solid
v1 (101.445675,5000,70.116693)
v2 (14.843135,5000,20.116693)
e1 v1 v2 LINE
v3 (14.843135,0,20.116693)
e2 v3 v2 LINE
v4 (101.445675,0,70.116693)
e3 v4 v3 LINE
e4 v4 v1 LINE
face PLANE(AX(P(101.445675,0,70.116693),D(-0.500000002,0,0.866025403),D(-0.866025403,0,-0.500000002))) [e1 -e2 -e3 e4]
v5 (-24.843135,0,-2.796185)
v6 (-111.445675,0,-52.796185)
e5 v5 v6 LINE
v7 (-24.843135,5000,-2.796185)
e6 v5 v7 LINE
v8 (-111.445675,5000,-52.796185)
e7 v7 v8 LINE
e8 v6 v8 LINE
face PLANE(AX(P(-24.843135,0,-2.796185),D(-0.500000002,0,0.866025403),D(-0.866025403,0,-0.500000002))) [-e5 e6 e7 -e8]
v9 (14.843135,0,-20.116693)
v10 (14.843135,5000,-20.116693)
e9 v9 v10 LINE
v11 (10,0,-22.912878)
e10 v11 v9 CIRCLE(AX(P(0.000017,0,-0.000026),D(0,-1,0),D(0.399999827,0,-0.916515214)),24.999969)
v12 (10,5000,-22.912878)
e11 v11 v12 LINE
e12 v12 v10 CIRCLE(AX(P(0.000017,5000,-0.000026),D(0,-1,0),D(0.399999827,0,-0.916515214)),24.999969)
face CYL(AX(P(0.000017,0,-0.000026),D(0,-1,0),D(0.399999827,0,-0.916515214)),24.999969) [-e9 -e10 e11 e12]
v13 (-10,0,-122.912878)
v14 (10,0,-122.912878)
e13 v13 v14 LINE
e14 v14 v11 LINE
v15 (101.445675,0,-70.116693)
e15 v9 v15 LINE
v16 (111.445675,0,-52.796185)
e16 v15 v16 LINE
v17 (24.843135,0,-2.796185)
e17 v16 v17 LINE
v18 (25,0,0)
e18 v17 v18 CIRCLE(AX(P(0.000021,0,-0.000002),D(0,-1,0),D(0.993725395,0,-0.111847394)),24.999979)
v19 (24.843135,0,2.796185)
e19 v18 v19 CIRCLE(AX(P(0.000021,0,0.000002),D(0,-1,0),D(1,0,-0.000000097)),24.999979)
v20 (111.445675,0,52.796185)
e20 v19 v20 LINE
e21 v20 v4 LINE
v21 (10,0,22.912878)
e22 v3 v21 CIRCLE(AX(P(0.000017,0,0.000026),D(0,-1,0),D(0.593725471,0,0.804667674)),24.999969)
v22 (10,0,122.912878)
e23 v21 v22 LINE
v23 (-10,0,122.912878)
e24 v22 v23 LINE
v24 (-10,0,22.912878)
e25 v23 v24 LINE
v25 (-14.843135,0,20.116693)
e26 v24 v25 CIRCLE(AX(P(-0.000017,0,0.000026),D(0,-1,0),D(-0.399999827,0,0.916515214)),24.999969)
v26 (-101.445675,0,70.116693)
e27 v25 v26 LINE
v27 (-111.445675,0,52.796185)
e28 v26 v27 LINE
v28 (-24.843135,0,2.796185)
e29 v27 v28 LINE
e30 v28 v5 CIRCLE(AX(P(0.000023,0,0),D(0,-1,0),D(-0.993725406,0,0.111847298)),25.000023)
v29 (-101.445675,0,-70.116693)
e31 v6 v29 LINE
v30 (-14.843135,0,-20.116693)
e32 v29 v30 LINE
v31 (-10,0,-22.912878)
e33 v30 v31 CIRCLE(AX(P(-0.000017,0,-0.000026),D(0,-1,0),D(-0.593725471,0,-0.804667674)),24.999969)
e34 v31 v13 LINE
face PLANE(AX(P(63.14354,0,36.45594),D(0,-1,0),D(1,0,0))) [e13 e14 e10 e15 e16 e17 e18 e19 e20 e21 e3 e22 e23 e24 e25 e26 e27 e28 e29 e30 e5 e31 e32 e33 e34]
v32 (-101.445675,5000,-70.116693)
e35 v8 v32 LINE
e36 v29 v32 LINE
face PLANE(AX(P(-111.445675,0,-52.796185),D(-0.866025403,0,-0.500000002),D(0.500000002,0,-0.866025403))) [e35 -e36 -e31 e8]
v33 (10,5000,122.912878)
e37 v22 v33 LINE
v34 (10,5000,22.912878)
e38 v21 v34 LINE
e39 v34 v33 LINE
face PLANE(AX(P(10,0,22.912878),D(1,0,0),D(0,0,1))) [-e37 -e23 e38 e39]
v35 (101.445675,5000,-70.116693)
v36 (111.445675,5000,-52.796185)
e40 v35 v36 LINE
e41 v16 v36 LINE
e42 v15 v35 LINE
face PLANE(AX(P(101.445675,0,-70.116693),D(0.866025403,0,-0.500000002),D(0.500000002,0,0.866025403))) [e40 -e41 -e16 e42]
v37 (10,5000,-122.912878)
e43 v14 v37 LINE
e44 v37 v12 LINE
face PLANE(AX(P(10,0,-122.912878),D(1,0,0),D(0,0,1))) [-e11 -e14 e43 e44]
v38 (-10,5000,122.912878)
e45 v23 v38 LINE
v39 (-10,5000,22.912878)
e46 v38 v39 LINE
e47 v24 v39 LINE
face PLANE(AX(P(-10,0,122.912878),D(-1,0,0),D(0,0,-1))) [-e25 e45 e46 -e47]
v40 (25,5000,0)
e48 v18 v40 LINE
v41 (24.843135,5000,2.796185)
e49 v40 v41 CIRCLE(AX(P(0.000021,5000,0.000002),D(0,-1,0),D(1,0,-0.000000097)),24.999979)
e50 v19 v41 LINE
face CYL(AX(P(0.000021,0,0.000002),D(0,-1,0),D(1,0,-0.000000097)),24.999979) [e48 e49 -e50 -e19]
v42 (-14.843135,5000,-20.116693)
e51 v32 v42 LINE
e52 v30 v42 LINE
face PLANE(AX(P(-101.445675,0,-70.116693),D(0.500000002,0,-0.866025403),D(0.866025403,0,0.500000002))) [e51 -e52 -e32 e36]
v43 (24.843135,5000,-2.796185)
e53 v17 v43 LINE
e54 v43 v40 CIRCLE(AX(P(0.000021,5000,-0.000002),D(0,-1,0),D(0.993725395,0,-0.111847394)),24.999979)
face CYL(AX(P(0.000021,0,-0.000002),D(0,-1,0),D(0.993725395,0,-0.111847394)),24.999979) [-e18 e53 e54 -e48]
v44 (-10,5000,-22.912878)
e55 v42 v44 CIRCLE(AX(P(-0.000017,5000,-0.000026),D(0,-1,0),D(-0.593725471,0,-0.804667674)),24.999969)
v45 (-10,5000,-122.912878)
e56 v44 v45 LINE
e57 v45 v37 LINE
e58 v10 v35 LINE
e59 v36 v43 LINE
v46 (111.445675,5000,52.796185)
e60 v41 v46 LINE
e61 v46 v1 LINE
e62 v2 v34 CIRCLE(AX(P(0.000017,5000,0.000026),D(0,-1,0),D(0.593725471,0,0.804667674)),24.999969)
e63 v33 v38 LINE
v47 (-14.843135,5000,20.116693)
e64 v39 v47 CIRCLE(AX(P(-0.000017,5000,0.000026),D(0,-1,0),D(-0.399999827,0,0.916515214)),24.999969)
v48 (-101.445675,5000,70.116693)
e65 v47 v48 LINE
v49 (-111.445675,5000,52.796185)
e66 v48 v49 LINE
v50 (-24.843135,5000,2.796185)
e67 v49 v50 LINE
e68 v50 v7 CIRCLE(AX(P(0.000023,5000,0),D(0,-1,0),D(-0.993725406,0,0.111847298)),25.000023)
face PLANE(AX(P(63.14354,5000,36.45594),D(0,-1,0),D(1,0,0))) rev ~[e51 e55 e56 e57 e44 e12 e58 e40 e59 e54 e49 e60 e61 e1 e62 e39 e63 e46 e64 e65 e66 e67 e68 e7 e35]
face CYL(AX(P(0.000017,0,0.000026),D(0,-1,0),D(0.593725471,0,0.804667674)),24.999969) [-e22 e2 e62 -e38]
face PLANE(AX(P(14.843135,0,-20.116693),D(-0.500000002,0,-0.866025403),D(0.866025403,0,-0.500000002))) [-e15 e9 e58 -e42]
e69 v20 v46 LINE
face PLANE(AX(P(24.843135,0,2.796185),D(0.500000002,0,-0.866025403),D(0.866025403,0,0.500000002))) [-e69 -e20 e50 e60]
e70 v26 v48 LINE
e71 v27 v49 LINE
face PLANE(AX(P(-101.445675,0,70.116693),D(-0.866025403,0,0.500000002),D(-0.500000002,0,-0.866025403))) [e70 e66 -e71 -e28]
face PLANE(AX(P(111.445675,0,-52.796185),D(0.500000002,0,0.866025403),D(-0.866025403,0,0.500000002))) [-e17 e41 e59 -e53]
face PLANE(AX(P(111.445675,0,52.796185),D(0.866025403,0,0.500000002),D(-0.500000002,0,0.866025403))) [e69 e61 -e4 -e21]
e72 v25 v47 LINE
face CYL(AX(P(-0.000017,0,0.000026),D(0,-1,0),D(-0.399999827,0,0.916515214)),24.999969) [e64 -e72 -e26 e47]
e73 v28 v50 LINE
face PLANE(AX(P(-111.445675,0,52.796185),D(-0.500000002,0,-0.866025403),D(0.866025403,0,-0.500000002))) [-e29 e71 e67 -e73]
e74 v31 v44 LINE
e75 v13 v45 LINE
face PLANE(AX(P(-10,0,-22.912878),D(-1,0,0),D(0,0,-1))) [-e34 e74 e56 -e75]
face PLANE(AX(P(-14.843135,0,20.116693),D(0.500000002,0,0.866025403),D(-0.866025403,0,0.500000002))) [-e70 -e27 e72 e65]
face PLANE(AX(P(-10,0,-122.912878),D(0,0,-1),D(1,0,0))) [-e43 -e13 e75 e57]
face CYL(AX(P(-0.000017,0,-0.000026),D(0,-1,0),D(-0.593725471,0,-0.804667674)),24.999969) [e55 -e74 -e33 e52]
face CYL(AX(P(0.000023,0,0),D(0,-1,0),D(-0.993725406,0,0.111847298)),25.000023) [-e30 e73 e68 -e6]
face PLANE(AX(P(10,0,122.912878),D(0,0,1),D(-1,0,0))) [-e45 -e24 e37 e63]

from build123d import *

# Parameters (mm, degrees)
F1_DEPTH = 5000


with BuildPart() as f1:
    # F0 (on Front) → F1 (new body)
    with BuildSketch(Plane.XZ):
        with BuildLine():
            ThreePointArc((14.843135, 20.116693), (21.650635, 12.5), (24.843135, 2.796185))
            Line((24.843135, 2.796185), (111.445675, 52.796185))
            Line((111.445675, 52.796185), (106.445675, 61.456439))
            Line((106.445675, 61.456439), (101.445675, 70.116693))
            Line((101.445675, 70.116693), (14.843135, 20.116693))
        make_face()
        with BuildLine():
            Line((111.445675, -52.796185), (24.843135, -2.796185))
            ThreePointArc((24.843135, -2.796185), (21.650635, -12.5), (14.843135, -20.116693))
            Line((14.843135, -20.116693), (101.445675, -70.116693))
            Line((101.445675, -70.116693), (106.445675, -61.456439))
            Line((106.445675, -61.456439), (111.445675, -52.796185))
        make_face()
        with BuildLine():
            Line((10, -122.912878), (10, -22.912878))
            ThreePointArc((10, -22.912878), (0, -25), (-10, -22.912878))
            Line((-10, -22.912878), (-10, -122.912878))
            Line((-10, -122.912878), (0, -122.912878))
            Line((0, -122.912878), (10, -122.912878))
        make_face()
        with BuildLine():
            ThreePointArc((24.843135, -2.796185), (24.960753, -1.400291), (25, 0))
            ThreePointArc((25, 0), (24.960753, 1.400291), (24.843135, 2.796185))
            ThreePointArc((24.843135, 2.796185), (21.650635, 12.5), (14.843135, 20.116693))
            ThreePointArc((14.843135, 20.116693), (12.5, 21.650635), (10, 22.912878))
            ThreePointArc((10, 22.912878), (0, 25), (-10, 22.912878))
            ThreePointArc((-10, 22.912878), (-12.5, 21.650635), (-14.843135, 20.116693))
            ThreePointArc((-14.843135, 20.116693), (-21.650635, 12.5), (-24.843135, 2.796185))
            ThreePointArc((-24.843135, 2.796185), (-25, 0), (-24.843135, -2.796185))
            ThreePointArc((-24.843135, -2.796185), (-21.650635, -12.5), (-14.843135, -20.116693))
            ThreePointArc((-14.843135, -20.116693), (-12.5, -21.650635), (-10, -22.912878))
            ThreePointArc((-10, -22.912878), (0, -25), (10, -22.912878))
            ThreePointArc((10, -22.912878), (12.5, -21.650635), (14.843135, -20.116693))
            ThreePointArc((14.843135, -20.116693), (21.650635, -12.5), (24.843135, -2.796185))
        make_face()
        with BuildLine():
            Line((-101.445675, -70.116693), (-14.843135, -20.116693))
            ThreePointArc((-14.843135, -20.116693), (-21.650635, -12.5), (-24.843135, -2.796185))
            Line((-24.843135, -2.796185), (-111.445675, -52.796185))
            Line((-111.445675, -52.796185), (-106.445675, -61.456439))
            Line((-106.445675, -61.456439), (-101.445675, -70.116693))
        make_face()
        with BuildLine():
            ThreePointArc((-24.843135, 2.796185), (-21.650635, 12.5), (-14.843135, 20.116693))
            Line((-14.843135, 20.116693), (-101.445675, 70.116693))
            Line((-101.445675, 70.116693), (-106.445675, 61.456439))
            Line((-106.445675, 61.456439), (-111.445675, 52.796185))
            Line((-111.445675, 52.796185), (-24.843135, 2.796185))
        make_face()
        with BuildLine():
            ThreePointArc((-10, 22.912878), (0, 25), (10, 22.912878))
            Line((10, 22.912878), (10, 122.912878))
            Line((10, 122.912878), (0, 122.912878))
            Line((0, 122.912878), (-10, 122.912878))
            Line((-10, 122.912878), (-10, 22.912878))
        make_face()
    extrude(amount=-F1_DEPTH)


solid = f1.part
